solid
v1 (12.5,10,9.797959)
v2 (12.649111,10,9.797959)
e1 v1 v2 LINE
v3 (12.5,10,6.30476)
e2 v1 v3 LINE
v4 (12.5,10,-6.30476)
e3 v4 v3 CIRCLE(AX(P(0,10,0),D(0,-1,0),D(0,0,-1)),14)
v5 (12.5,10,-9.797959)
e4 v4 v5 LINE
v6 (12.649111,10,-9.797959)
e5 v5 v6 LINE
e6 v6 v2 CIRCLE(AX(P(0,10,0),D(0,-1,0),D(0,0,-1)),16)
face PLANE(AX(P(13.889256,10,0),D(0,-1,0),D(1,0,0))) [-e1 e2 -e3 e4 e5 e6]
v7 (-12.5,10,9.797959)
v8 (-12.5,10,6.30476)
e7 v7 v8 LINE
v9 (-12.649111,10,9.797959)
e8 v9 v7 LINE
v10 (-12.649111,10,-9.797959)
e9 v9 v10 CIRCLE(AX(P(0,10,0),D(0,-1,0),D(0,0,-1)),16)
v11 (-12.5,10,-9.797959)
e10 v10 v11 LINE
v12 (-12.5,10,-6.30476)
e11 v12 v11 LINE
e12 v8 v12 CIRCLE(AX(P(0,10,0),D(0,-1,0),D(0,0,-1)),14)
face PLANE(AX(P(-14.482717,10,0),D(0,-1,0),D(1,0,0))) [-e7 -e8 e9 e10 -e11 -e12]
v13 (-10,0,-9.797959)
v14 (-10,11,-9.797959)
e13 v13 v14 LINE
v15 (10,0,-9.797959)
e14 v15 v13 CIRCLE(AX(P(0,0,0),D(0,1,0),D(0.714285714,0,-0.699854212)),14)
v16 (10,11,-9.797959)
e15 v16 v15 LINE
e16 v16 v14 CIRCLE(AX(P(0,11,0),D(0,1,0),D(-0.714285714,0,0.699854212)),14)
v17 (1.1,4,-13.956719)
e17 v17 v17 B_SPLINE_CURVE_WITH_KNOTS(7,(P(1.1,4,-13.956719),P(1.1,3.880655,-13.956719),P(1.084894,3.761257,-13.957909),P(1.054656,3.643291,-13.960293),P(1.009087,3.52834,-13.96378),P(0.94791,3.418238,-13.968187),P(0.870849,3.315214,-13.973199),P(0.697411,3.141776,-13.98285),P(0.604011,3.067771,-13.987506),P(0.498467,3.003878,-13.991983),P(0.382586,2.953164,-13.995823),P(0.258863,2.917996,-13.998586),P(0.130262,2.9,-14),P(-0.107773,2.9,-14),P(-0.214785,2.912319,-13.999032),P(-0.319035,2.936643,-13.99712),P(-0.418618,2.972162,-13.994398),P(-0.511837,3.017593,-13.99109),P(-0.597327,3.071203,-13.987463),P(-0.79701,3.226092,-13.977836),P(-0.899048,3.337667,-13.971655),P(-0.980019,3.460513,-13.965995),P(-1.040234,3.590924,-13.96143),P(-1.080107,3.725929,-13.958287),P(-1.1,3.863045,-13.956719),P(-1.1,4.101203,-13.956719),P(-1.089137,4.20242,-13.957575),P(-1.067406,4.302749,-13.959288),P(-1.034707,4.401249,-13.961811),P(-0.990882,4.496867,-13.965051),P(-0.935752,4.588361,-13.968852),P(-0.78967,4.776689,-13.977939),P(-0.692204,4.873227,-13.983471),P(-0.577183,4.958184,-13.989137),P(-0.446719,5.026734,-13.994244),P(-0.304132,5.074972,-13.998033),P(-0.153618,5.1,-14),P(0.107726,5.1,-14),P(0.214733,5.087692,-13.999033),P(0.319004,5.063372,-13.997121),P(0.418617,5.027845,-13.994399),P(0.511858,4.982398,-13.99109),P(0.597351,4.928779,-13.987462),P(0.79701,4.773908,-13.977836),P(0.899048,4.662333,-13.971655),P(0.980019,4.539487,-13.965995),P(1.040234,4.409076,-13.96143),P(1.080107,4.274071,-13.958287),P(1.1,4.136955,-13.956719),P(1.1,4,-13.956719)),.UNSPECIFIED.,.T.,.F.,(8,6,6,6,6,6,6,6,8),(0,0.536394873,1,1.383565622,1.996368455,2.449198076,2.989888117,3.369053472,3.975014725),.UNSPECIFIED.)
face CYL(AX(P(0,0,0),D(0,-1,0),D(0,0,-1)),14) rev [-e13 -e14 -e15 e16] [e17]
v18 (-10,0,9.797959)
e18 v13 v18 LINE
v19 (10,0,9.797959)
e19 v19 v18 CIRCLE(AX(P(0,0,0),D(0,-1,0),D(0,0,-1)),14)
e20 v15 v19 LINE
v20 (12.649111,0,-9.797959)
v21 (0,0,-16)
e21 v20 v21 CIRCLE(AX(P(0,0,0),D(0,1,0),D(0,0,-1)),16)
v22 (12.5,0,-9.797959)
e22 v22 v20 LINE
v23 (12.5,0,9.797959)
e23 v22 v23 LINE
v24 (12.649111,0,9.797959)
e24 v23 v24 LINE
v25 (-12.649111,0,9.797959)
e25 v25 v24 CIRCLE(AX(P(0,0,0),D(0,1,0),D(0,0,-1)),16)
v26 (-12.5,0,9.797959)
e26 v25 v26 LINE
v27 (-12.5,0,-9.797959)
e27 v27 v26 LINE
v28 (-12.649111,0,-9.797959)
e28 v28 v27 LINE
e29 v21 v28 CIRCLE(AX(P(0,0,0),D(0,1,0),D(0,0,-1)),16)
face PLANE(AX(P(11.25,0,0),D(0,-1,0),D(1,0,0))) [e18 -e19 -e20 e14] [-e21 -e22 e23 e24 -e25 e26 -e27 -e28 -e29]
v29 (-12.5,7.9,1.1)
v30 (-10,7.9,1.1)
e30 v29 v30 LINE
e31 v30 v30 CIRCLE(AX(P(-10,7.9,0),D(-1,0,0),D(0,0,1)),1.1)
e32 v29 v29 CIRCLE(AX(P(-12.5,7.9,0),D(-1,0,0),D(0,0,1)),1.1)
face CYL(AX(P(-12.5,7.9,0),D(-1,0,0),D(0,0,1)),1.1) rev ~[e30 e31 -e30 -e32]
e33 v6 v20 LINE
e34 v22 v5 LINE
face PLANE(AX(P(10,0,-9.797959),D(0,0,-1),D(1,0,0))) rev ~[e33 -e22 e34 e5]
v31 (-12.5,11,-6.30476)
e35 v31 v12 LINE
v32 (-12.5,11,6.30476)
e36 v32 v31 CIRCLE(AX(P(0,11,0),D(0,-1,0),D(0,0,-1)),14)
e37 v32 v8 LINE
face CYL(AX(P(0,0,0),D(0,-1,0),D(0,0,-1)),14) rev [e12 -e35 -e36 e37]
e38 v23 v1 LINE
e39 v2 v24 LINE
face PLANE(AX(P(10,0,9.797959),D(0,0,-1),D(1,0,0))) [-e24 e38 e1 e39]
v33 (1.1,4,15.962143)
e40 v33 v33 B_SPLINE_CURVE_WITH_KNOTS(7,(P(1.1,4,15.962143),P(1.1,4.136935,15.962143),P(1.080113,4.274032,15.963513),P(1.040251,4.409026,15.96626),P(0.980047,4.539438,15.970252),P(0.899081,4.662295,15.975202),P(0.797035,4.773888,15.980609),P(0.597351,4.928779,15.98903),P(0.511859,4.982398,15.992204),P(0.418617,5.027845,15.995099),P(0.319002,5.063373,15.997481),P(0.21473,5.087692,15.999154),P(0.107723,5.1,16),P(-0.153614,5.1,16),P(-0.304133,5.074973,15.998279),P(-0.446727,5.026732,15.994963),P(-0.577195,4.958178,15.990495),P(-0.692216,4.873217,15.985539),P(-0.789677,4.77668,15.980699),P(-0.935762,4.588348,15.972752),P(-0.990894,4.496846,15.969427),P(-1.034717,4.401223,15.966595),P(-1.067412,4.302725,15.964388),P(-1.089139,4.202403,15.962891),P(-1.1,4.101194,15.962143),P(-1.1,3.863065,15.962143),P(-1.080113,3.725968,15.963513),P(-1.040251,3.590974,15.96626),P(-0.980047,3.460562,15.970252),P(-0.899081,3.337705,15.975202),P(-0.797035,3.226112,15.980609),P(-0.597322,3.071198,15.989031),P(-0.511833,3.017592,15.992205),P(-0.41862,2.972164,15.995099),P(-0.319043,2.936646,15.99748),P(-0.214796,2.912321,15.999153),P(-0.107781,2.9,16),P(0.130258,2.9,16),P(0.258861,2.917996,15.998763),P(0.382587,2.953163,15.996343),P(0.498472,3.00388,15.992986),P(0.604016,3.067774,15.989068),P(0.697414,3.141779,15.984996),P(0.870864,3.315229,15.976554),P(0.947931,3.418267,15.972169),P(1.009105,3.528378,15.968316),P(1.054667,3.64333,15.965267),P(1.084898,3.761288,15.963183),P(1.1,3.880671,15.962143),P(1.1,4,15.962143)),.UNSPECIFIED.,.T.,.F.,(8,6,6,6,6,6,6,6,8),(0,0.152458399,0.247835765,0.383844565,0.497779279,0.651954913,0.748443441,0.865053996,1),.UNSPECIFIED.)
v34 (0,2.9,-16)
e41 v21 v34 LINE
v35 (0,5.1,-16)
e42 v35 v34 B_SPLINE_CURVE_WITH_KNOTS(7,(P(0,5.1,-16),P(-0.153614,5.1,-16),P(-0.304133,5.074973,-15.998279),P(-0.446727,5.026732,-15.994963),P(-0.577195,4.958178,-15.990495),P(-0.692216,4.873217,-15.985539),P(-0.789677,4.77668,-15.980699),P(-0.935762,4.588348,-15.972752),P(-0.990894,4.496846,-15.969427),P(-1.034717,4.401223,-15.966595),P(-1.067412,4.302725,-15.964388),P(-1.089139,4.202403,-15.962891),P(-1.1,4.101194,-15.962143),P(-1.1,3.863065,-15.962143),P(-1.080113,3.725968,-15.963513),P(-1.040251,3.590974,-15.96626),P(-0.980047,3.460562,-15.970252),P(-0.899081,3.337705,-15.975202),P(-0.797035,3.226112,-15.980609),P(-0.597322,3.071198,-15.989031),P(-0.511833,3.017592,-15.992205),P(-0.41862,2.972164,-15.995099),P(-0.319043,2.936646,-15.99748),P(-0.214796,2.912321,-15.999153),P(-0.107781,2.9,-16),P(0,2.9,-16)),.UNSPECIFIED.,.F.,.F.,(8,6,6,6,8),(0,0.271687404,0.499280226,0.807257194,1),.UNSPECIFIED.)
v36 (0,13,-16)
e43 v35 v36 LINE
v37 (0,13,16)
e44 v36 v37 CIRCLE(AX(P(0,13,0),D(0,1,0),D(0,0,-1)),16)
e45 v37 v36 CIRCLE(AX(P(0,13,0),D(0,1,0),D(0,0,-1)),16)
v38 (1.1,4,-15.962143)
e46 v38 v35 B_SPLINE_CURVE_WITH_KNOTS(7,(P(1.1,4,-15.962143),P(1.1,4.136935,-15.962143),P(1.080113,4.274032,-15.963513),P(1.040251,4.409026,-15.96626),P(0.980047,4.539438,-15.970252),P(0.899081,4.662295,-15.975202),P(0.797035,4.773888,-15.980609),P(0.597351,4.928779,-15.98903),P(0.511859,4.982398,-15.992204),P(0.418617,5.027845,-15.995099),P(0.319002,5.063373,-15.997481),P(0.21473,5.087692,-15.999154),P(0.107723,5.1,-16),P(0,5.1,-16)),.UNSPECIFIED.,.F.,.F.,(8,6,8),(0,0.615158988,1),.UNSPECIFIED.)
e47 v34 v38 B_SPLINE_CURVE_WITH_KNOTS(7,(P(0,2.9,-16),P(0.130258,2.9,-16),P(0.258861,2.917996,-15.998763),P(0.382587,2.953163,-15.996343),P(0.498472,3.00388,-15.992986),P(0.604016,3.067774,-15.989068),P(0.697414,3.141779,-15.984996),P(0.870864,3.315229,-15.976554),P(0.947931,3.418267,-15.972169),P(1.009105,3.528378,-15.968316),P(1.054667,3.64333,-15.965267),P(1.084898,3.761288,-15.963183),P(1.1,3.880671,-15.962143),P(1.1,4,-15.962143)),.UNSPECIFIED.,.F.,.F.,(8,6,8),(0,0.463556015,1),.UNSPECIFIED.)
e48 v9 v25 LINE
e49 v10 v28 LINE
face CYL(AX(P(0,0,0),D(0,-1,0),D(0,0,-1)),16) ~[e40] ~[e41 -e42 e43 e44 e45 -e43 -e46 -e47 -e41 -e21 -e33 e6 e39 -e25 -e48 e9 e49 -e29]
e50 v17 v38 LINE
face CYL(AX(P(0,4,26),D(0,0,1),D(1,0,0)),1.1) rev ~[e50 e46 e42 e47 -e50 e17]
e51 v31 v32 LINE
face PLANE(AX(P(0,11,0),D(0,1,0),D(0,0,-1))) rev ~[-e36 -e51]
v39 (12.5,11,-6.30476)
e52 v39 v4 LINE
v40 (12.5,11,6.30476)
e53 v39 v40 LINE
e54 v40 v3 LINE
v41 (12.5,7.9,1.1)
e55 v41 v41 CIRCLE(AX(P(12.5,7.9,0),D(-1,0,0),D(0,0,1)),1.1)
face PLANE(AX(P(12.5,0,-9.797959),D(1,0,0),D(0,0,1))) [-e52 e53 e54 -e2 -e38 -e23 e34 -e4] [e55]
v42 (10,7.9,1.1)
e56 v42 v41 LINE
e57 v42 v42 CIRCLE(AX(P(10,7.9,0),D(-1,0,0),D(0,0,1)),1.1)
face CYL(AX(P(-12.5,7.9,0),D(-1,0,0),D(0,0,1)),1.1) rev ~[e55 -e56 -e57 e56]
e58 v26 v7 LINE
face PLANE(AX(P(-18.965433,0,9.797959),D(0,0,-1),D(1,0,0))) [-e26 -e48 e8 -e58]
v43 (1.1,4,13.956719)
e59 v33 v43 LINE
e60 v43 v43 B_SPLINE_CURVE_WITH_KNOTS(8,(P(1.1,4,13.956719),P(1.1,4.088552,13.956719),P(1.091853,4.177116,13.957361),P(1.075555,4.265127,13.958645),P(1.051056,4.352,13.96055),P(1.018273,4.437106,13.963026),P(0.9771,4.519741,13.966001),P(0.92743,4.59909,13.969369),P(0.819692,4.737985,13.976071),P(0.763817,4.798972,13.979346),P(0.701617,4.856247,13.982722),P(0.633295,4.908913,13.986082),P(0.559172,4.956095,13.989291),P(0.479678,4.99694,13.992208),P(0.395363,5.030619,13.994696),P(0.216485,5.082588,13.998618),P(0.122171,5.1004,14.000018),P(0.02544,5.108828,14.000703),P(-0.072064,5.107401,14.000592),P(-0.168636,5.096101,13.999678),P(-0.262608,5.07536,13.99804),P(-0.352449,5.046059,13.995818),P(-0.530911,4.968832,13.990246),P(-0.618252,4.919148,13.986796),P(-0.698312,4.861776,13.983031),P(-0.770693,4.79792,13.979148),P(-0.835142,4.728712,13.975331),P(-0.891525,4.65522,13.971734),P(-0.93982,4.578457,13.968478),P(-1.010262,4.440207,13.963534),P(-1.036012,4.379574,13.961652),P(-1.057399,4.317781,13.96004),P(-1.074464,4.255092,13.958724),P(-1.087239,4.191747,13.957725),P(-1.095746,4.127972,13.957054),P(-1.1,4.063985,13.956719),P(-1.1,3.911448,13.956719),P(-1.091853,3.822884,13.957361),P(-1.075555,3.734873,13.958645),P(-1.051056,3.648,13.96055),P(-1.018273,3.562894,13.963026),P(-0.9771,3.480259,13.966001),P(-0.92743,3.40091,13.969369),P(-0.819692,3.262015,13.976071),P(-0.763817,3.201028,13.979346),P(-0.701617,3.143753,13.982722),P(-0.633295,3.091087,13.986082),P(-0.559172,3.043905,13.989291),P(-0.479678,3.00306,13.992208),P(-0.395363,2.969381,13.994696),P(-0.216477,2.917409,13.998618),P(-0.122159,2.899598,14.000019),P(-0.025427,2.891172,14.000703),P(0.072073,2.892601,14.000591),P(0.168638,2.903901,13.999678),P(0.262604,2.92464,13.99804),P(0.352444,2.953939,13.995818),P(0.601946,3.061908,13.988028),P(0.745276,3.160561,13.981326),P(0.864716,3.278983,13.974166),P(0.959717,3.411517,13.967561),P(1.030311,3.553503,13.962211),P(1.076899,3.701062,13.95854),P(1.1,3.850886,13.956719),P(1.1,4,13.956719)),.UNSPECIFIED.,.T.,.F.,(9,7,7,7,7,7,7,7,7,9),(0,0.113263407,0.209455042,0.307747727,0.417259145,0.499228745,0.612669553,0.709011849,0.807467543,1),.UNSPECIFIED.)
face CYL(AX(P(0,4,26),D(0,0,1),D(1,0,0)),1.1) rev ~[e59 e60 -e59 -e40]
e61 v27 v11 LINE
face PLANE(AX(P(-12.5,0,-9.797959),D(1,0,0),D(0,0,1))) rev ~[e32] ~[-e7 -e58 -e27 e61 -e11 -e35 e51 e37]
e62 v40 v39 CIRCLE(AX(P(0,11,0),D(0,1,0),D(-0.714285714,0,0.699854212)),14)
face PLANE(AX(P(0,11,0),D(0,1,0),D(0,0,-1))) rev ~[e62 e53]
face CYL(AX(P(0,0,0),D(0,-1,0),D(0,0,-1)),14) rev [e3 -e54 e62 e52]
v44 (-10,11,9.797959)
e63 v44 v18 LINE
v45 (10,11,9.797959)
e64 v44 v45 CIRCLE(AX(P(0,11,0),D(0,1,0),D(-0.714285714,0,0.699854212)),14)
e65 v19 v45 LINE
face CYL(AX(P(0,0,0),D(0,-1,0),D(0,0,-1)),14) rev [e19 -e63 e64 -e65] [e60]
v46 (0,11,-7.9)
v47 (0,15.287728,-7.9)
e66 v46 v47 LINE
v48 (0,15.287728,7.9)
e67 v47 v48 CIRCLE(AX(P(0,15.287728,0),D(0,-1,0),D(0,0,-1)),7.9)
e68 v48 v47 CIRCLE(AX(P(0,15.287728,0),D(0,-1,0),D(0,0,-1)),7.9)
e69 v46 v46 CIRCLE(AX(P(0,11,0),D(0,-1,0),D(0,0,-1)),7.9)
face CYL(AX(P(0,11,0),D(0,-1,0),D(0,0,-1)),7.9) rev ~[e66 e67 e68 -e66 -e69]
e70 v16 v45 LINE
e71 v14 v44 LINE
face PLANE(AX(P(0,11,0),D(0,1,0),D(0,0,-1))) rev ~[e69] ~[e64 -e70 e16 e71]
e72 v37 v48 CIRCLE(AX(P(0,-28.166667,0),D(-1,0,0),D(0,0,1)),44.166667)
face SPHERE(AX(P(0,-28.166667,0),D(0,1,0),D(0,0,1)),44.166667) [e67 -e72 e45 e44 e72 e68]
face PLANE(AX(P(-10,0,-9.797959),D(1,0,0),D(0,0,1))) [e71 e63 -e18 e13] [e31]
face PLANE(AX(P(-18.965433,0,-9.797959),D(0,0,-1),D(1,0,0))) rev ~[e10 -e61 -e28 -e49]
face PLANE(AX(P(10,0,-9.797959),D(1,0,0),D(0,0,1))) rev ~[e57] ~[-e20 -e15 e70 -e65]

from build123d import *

# Parameters (mm, degrees)
CROQUIS1_R              = 16
SALIENTE_EXTRUIR1_DEPTH = 13
VACIADO1_T              = -2
CROQUIS2_W              = 7.778512226
CROQUIS2_H              = 19.595917942
CROQUIS2_W_2            = 8.965433382
CORTAR_EXTRUIR1_DEPTH   = 10
SALIENTE_EXTRUIR2_REACH = 28.096
CROQUIS3_W              = 2.5
CROQUIS3_H              = 19.595917942
CROQUIS4_R              = 1.1
CORTAR_EXTRUIR2_DEPTH   = 36.174564674
CROQUIS5_R              = 1.1
CORTAR_EXTRUIR3_DEPTH   = 47.786750261
C_PULA1_FACE_RADIUS     = 16
C_PULA1_HEIGHT          = 3
CROQUIS7_R              = 7.9
CORTAR_EXTRUIR4_DEPTH   = 10


with BuildPart() as part:
    # Croquis1 → Saliente-Extruir1 (new body)
    with BuildSketch(Plane(origin=(0, 0, 0), x_dir=(1, 0, 0), z_dir=(0, 1, 0))):
        with Locations(Location((0, 0, 0), (0, 0, 90))):
            Circle(CROQUIS1_R)
    extrude(amount=SALIENTE_EXTRUIR1_DEPTH)

    # Vaciado1
    vaciado1_openings = [part.faces().sort_by_distance(p)[0] for p in [
        (0, 0, 0),
    ]]
    offset(amount=VACIADO1_T, openings=vaciado1_openings, kind=Kind.INTERSECTION)

    # Croquis2 → Cortar-Extruir1 (cut)
    with BuildSketch(Plane.XZ):
        with Locations((13.889256113, 0)):
            Rectangle(CROQUIS2_W, CROQUIS2_H)
        with Locations((-14.482716691, 0)):
            Rectangle(CROQUIS2_W_2, CROQUIS2_H)
    extrude(amount=-CORTAR_EXTRUIR1_DEPTH, mode=Mode.SUBTRACT)

    # Croquis3 → Saliente-Extruir2 (add, up to next)
    with BuildSketch(Plane.XZ, mode=Mode.PRIVATE) as saliente_extruir2_sk1:
        with Locations((-11.25, 0)):
            Rectangle(CROQUIS3_W, CROQUIS3_H)
    saliente_extruir2_tool1 = extrude(saliente_extruir2_sk1.sketch, amount=-SALIENTE_EXTRUIR2_REACH, mode=Mode.PRIVATE) - part.part
    # Croquis3 → Saliente-Extruir2 (add, up to next)
    with BuildSketch(Plane.XZ, mode=Mode.PRIVATE) as saliente_extruir2_sk2:
        with Locations((11.25, 0)):
            Rectangle(CROQUIS3_W, CROQUIS3_H)
    saliente_extruir2_tool2 = extrude(saliente_extruir2_sk2.sketch, amount=-SALIENTE_EXTRUIR2_REACH, mode=Mode.PRIVATE) - part.part
    add(saliente_extruir2_tool1.solids().sort_by_distance((-11.25, 0, 0))[0])
    add(saliente_extruir2_tool2.solids().sort_by_distance((11.25, 0, 0))[0])

    # Croquis4 → Cortar-Extruir2 (cut, through all)
    with BuildSketch(Plane.ZY.offset(12.5)):
        with Locations((0, 7.9)):
            Circle(CROQUIS4_R)
    extrude(amount=-CORTAR_EXTRUIR2_DEPTH, mode=Mode.SUBTRACT)

    # Croquis5 → Cortar-Extruir3 (cut, through all)
    with BuildSketch(Plane.XY.offset(26)):
        with Locations((0, 4)):
            Circle(CROQUIS5_R)
    extrude(amount=-CORTAR_EXTRUIR3_DEPTH, mode=Mode.SUBTRACT)

    # Cúpula1: a dome of height H over a round flat face of radius A is a cap of a sphere of radius (A * A + H * H) / (2 * H)
    c_pula1_r = (C_PULA1_FACE_RADIUS * C_PULA1_FACE_RADIUS + C_PULA1_HEIGHT * C_PULA1_HEIGHT) / (2 * C_PULA1_HEIGHT)
    c_pula1_base = Plane((0, 13, 0), z_dir=(0, 1, 0))
    with Locations(c_pula1_base.offset(C_PULA1_HEIGHT - c_pula1_r)):
        c_pula1_ball = Sphere(c_pula1_r, mode=Mode.PRIVATE)
    add(split(c_pula1_ball, bisect_by=c_pula1_base, keep=Keep.TOP, mode=Mode.PRIVATE))

    # Croquis7 → Cortar-Extruir4 (cut)
    with BuildSketch(Plane.XZ.offset(-11)):
        with Locations(Location((0, 0, 0), (0, 0, 270))):
            Circle(CROQUIS7_R)
    extrude(amount=-CORTAR_EXTRUIR4_DEPTH, mode=Mode.SUBTRACT)


solid = part.part
